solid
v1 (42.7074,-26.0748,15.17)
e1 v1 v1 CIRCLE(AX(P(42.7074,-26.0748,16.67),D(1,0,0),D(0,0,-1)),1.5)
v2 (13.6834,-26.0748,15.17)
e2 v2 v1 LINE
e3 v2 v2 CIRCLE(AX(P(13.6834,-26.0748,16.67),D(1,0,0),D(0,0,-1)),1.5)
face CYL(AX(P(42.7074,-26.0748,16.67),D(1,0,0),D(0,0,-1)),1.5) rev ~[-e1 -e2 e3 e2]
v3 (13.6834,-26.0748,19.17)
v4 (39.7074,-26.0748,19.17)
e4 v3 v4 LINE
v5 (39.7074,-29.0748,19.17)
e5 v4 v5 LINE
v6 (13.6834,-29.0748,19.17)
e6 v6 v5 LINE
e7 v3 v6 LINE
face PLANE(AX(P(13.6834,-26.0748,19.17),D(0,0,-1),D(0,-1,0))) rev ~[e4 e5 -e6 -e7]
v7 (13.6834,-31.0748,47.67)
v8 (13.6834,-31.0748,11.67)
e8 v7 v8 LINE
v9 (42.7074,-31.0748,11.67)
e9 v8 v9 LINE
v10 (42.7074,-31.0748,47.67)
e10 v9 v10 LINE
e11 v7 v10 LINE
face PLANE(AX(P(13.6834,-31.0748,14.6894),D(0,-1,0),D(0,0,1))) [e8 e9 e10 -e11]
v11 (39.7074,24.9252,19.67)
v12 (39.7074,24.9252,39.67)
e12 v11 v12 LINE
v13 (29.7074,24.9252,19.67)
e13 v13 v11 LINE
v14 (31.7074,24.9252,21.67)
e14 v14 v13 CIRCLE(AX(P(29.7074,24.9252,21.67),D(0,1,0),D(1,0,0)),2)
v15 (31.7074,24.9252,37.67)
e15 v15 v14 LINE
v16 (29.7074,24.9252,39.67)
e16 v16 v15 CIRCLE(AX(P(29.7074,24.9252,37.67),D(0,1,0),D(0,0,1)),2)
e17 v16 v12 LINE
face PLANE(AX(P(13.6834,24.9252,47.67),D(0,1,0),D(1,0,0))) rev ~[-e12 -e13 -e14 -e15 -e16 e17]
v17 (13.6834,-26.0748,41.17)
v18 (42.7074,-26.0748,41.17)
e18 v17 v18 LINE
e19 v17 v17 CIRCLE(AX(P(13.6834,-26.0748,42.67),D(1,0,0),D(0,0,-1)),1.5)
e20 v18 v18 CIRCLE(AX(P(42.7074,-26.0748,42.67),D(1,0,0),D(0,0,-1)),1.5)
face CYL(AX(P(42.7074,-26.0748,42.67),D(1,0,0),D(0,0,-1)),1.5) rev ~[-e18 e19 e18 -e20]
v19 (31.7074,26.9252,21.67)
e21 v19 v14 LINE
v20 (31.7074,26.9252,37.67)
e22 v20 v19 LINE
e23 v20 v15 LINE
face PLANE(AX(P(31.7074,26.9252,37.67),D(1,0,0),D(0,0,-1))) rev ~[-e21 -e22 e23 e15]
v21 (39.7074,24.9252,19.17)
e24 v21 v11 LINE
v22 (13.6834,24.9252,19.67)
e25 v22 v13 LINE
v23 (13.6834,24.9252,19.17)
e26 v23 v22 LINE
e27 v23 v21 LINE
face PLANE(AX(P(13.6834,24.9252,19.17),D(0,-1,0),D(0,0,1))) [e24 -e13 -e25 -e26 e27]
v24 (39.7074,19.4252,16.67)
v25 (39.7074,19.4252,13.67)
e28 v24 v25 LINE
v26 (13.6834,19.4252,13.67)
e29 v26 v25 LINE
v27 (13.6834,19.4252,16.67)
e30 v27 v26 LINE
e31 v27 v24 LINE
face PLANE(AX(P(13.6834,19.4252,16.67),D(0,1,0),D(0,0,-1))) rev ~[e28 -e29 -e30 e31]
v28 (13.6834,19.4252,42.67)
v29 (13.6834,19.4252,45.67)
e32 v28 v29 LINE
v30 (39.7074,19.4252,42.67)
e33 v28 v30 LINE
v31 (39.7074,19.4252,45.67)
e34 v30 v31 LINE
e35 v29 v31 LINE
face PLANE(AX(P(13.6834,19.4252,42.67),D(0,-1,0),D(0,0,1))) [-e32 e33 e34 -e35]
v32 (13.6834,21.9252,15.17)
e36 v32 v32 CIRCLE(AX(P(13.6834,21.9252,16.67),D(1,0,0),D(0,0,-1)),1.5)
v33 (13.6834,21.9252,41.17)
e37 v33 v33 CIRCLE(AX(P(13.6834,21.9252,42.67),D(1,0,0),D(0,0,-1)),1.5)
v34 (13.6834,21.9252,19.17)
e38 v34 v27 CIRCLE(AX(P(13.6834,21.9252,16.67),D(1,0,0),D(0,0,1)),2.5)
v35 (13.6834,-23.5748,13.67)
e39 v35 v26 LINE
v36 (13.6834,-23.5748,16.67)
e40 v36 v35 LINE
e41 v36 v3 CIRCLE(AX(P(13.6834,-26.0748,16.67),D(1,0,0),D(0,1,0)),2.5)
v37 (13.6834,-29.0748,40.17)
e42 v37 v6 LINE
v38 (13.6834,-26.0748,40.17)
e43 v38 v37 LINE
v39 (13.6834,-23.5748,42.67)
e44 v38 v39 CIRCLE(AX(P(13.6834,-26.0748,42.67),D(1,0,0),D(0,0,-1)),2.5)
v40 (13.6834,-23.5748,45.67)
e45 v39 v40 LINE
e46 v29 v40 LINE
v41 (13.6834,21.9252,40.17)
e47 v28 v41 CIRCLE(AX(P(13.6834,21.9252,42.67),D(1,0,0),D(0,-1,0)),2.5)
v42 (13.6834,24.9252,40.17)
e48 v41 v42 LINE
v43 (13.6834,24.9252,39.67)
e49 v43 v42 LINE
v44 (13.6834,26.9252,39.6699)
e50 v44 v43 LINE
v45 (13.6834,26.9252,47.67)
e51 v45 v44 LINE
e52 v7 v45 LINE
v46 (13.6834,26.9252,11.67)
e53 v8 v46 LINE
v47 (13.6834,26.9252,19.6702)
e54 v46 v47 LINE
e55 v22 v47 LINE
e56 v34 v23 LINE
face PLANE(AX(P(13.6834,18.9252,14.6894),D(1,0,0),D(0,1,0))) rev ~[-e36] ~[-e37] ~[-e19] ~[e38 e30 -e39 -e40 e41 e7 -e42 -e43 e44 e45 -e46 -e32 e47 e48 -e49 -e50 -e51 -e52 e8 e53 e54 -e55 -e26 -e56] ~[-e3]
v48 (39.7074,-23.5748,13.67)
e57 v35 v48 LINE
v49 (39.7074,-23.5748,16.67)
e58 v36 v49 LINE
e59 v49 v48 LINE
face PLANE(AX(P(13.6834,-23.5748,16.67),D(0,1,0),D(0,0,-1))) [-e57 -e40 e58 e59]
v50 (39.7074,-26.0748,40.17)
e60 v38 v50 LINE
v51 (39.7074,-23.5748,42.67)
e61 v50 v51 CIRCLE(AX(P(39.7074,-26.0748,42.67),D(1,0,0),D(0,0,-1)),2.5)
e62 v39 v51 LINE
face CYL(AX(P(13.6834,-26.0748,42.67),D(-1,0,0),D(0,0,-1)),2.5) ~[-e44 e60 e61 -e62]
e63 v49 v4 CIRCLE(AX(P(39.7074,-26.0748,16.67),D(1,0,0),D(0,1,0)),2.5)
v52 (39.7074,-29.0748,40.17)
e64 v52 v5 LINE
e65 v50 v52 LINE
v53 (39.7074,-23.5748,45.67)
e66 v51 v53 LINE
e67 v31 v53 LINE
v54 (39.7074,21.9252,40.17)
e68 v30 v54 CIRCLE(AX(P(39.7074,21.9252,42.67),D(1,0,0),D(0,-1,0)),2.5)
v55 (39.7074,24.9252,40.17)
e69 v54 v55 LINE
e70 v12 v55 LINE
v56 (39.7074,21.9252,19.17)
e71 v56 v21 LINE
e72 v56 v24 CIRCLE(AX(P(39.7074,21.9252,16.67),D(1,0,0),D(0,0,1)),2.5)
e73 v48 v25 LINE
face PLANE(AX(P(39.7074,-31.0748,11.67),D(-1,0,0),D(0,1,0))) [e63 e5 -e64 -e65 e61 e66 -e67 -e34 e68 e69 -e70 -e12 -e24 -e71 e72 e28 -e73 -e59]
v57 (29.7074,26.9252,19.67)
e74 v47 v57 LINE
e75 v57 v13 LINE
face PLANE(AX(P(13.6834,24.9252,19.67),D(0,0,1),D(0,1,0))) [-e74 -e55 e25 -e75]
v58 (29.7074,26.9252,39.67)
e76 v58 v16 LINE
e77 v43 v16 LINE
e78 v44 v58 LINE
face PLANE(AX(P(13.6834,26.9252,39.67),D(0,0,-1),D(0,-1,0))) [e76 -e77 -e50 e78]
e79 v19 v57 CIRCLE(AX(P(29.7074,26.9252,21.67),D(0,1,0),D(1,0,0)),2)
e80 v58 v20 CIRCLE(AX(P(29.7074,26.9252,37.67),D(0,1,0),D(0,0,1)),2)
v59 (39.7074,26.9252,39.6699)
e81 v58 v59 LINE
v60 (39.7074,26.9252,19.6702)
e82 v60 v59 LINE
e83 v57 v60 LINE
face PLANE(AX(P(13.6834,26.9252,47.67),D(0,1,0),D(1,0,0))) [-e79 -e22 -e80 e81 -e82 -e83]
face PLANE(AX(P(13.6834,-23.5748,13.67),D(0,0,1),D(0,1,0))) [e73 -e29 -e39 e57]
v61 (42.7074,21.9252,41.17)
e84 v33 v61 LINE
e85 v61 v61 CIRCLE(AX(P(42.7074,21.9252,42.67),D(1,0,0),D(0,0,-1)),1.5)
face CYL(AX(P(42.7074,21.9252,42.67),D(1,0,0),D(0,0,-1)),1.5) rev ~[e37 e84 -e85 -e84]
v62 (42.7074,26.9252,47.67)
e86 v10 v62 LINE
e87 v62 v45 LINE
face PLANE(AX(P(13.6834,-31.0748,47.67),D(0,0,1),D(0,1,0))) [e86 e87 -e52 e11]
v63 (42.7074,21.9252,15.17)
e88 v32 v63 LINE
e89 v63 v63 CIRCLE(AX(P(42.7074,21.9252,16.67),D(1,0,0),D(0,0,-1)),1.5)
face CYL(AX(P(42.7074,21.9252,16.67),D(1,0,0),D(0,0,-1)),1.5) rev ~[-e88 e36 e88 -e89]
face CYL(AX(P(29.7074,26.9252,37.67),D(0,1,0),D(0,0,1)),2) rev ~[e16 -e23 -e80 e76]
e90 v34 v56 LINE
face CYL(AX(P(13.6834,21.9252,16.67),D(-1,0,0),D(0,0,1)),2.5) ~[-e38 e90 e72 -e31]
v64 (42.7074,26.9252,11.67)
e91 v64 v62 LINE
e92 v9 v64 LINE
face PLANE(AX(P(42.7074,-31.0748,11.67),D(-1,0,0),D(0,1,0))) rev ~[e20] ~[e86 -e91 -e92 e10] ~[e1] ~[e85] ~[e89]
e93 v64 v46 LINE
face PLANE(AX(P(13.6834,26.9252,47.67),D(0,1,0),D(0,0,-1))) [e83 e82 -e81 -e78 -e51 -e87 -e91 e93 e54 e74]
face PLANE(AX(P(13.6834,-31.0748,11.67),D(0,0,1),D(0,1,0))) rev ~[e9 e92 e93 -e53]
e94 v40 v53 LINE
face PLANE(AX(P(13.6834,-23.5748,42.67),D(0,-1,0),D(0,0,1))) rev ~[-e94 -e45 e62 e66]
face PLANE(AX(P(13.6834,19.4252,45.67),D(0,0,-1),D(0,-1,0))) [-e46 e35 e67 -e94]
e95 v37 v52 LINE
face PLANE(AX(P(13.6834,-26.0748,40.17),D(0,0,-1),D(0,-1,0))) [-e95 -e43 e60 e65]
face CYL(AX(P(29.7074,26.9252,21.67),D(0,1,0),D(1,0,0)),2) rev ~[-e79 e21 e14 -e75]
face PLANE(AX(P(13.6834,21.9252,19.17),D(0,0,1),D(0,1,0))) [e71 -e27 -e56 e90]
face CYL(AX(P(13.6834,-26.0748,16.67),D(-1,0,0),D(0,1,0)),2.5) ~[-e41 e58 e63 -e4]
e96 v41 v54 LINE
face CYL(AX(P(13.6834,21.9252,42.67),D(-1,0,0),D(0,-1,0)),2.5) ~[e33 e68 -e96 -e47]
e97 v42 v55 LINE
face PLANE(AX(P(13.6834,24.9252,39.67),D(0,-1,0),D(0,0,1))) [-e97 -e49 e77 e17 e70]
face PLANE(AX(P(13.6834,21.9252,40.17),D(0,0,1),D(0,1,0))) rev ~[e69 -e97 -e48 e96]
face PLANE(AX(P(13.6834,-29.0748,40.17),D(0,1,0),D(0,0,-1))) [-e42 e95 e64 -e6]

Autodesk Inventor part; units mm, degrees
ref_plane "YZ Plane" through (0, 0, 0) normal (1, 0, 0) x (0, 1, 0)
ref_plane "XZ Plane" through (0, 0, 0) normal (0, 1, 0) x (-1, 0, 0)
ref_plane "XY Plane" through (0, 0, 0) normal (0, 0, 1) x (1, 0, 0)
ref_plane "Work Plane1" through (13.6834, 18.9252, 14.6894) normal (1, 0, 0) x (0, 1, 0)
sketch "Sketch1" plane through (13.6834, 18.9252, 14.6894) normal (1, 0, 0) x (0, 1, 0)
  circle A0 centre (3, 27.9806) radius 1.5 projected
  circle A1 centre (3, 1.9806) radius 1.5 projected
  circle A2 centre (-45, 1.9806) radius 1.5 projected
  circle A3 centre (-45, 27.9806) radius 1.5 projected
  line L0 (-50, 32.9806) -> (8, 32.9806) projected
  line L1 (8, 32.9806) -> (8, 24.9805) projected
  line L2 (8, -3.0194) -> (8, 4.9808) projected
  line L3 (-50, -3.0194) -> (8, -3.0194) projected
  line L4 (-50, 0) -> (-50, 32.9806) projected
  line L5 (-50, -0.0388) -> (-50, -3.0194) projected
  line L6 (100, 24.9806) -> (0, 24.9806) projected
  line L7 (0, 22.9806) -> (0, 24.9806) projected
  line L8 (0, 22.9806) -> (0, 6.9806) projected
  line L9 (0, 4.9806) -> (0, 6.9806) projected
  line L10 (0, 4.9806) -> (100, 4.9806) projected
  line L11 (6, 24.9806) -> (6, 25.4806)
  line L12 (0.5, 30.9806) -> (-42.5, 30.9806)
  line L13 (-48, 25.4806) -> (-48, 4.4806)
  line L14 (-42.5, -1.0194) -> (0.5, -1.0194)
  line L15 (6, 4.4806) -> (6, 4.9806)
  arc A4 (0.5, 27.9806) -> (3, 25.4806) centre (3, 27.9806) ccw
  arc A5 (3, 4.4806) -> (0.5, 1.9806) centre (3, 1.9806) ccw
  arc A6 (-42.5, 1.9806) -> (-45, 4.4806) centre (-45, 1.9806) ccw
  arc A7 (-45, 25.4806) -> (-42.5, 27.9806) centre (-45, 27.9806) ccw
  line L16 (-45, 25.4806) -> (-48, 25.4806)
  line L17 (-42.5, 27.9806) -> (-42.5, 30.9806)
  line L18 (-45, 4.4806) -> (-48, 4.4806)
  line L19 (-42.5, 1.9806) -> (-42.5, -1.0194)
  line L20 (0.5, 1.9806) -> (0.5, -1.0194)
  line L21 (3, 4.4806) -> (6, 4.4806)
  line L22 (0.5, 27.9806) -> (0.5, 30.9806)
  line L23 (3, 25.4806) -> (6, 25.4806)
  circle A8 centre (-45, 1.9806) radius 1.5
  circle A9 centre (-45, 27.9806) radius 1.5
  circle A10 centre (3, 27.9806) radius 1.5
  circle A11 centre (3, 1.9806) radius 1.5
  line L24 (8, 4.9808) -> (8, -3.0194)
  line L25 (-50, -3.0194) -> (8, -3.0194)
  line L26 (-50, -3.0194) -> (-50, 32.9806)
  line L27 (8, 32.9806) -> (-50, 32.9806)
  line L28 (8, 24.9805) -> (8, 32.9806)
  line L29 (8, 24.9805) -> (0, 24.9806)
  line L30 (0, 4.9806) -> (0, 24.9806)
  line L31 (0, 4.9806) -> (8, 4.9808)
  point P0 (-18.9252, -14.6894)
  point P1 (8, 24.9806)
  point P2 (8, 4.9806)
  dimension "d0" = 2
  dimension "d1" = 2
  dimension "d2" = 2
  dimension "d3" = 2
  dimension "d4" = 2
  dimension "d5" = 5
  dimension "d6" = 5
  dimension "d7" = 5
  dimension "d8" = 5
extrude "Extrusion1" add sketch "Sketch1" along normal blind 26.024 contours L0 L1 L6 L11 L23 A4 L22 L12 L17 A7 L16 L13 L18 A6 L19 L14 L20 A5 L21 L15 L10 L2 L3 L5 L26 L4
sketch "Sketch2" plane through (13.6834, -31.0748, 11.67) normal (0, 0, -1) x (-1, 0, 0)
  line L0 (0, 0) -> (-26.024, 0) projected
  line L1 (-26.024, 0) -> (-29.024, 0)
  line L2 (-29.024, 0) -> (-29.024, 58)
  line L3 (-29.024, 58) -> (-25.5921, 58)
  line L4 (-26.024, 0) -> (-26.024, 58) projected
  line L5 (-26.024, 0) -> (-26.024, 58)
  point P0 (13.6834, 31.0748)
  dimension "d11" = 3
  dimension "d12" = 58
extrude "Extrusion2" add sketch "Sketch2" against normal up to surface (36 mm away)
sketch "Sketch3" plane through (42.7074, -31.0748, 11.67) normal (1, 0, 0) x (0, 0, -1)
  point P0 (11.67, 31.0748)
sketch "Sketch4" plane through (42.7074, -31.0748, 11.67) normal (1, 0, 0) x (0, 0, -1)
  circle A0 centre (-31, 53) radius 1.5 projected
  circle A1 centre (-5, 53) radius 1.5 projected
  circle A2 centre (-5, 5) radius 1.5 projected
  circle A3 centre (-31, 5) radius 1.5 projected
  point P0 (11.67, 31.0748)
extrude "Extrusion3" cut sketch "Sketch4" against normal through all
sketch "Sketch5" plane through (13.6834, 26.9252, 47.67) normal (0, 1, 0) x (1, 0, 0)
  line L0 (18.024, 10) -> (18.024, 26) projected
  arc A0 (18.024, 26) -> (16.024, 28) centre (16.024, 26) ccw projected
  arc A1 (16.024, 8) -> (18.024, 10) centre (16.024, 10) ccw projected
  line L1 (0.024, 8) -> (16.024, 8) projected
  line L2 (16.024, 28) -> (0.024, 28) projected
  line L3 (0, 8) -> (0, 0) projected
  line L4 (0, 0) -> (29.024, 0) projected
  line L5 (29.024, 36) -> (29.024, 0) projected
  line L6 (0, 36) -> (29.024, 36) projected
  line L7 (0, 36) -> (0, 28) projected
  line L8 (0, 28) -> (26.024, 28) projected
  line L9 (26.024, 28) -> (26.024, 8) projected
  line L10 (0, 8) -> (26.024, 8) projected
  point P0 (-13.6834, 47.67)
  point P1 (16.024, 8)
extrude "Extrusion4" add sketch "Sketch5" against normal blind 2 contours L0 A0 L8 L9 L10 A1
properties part number "enclosure"
